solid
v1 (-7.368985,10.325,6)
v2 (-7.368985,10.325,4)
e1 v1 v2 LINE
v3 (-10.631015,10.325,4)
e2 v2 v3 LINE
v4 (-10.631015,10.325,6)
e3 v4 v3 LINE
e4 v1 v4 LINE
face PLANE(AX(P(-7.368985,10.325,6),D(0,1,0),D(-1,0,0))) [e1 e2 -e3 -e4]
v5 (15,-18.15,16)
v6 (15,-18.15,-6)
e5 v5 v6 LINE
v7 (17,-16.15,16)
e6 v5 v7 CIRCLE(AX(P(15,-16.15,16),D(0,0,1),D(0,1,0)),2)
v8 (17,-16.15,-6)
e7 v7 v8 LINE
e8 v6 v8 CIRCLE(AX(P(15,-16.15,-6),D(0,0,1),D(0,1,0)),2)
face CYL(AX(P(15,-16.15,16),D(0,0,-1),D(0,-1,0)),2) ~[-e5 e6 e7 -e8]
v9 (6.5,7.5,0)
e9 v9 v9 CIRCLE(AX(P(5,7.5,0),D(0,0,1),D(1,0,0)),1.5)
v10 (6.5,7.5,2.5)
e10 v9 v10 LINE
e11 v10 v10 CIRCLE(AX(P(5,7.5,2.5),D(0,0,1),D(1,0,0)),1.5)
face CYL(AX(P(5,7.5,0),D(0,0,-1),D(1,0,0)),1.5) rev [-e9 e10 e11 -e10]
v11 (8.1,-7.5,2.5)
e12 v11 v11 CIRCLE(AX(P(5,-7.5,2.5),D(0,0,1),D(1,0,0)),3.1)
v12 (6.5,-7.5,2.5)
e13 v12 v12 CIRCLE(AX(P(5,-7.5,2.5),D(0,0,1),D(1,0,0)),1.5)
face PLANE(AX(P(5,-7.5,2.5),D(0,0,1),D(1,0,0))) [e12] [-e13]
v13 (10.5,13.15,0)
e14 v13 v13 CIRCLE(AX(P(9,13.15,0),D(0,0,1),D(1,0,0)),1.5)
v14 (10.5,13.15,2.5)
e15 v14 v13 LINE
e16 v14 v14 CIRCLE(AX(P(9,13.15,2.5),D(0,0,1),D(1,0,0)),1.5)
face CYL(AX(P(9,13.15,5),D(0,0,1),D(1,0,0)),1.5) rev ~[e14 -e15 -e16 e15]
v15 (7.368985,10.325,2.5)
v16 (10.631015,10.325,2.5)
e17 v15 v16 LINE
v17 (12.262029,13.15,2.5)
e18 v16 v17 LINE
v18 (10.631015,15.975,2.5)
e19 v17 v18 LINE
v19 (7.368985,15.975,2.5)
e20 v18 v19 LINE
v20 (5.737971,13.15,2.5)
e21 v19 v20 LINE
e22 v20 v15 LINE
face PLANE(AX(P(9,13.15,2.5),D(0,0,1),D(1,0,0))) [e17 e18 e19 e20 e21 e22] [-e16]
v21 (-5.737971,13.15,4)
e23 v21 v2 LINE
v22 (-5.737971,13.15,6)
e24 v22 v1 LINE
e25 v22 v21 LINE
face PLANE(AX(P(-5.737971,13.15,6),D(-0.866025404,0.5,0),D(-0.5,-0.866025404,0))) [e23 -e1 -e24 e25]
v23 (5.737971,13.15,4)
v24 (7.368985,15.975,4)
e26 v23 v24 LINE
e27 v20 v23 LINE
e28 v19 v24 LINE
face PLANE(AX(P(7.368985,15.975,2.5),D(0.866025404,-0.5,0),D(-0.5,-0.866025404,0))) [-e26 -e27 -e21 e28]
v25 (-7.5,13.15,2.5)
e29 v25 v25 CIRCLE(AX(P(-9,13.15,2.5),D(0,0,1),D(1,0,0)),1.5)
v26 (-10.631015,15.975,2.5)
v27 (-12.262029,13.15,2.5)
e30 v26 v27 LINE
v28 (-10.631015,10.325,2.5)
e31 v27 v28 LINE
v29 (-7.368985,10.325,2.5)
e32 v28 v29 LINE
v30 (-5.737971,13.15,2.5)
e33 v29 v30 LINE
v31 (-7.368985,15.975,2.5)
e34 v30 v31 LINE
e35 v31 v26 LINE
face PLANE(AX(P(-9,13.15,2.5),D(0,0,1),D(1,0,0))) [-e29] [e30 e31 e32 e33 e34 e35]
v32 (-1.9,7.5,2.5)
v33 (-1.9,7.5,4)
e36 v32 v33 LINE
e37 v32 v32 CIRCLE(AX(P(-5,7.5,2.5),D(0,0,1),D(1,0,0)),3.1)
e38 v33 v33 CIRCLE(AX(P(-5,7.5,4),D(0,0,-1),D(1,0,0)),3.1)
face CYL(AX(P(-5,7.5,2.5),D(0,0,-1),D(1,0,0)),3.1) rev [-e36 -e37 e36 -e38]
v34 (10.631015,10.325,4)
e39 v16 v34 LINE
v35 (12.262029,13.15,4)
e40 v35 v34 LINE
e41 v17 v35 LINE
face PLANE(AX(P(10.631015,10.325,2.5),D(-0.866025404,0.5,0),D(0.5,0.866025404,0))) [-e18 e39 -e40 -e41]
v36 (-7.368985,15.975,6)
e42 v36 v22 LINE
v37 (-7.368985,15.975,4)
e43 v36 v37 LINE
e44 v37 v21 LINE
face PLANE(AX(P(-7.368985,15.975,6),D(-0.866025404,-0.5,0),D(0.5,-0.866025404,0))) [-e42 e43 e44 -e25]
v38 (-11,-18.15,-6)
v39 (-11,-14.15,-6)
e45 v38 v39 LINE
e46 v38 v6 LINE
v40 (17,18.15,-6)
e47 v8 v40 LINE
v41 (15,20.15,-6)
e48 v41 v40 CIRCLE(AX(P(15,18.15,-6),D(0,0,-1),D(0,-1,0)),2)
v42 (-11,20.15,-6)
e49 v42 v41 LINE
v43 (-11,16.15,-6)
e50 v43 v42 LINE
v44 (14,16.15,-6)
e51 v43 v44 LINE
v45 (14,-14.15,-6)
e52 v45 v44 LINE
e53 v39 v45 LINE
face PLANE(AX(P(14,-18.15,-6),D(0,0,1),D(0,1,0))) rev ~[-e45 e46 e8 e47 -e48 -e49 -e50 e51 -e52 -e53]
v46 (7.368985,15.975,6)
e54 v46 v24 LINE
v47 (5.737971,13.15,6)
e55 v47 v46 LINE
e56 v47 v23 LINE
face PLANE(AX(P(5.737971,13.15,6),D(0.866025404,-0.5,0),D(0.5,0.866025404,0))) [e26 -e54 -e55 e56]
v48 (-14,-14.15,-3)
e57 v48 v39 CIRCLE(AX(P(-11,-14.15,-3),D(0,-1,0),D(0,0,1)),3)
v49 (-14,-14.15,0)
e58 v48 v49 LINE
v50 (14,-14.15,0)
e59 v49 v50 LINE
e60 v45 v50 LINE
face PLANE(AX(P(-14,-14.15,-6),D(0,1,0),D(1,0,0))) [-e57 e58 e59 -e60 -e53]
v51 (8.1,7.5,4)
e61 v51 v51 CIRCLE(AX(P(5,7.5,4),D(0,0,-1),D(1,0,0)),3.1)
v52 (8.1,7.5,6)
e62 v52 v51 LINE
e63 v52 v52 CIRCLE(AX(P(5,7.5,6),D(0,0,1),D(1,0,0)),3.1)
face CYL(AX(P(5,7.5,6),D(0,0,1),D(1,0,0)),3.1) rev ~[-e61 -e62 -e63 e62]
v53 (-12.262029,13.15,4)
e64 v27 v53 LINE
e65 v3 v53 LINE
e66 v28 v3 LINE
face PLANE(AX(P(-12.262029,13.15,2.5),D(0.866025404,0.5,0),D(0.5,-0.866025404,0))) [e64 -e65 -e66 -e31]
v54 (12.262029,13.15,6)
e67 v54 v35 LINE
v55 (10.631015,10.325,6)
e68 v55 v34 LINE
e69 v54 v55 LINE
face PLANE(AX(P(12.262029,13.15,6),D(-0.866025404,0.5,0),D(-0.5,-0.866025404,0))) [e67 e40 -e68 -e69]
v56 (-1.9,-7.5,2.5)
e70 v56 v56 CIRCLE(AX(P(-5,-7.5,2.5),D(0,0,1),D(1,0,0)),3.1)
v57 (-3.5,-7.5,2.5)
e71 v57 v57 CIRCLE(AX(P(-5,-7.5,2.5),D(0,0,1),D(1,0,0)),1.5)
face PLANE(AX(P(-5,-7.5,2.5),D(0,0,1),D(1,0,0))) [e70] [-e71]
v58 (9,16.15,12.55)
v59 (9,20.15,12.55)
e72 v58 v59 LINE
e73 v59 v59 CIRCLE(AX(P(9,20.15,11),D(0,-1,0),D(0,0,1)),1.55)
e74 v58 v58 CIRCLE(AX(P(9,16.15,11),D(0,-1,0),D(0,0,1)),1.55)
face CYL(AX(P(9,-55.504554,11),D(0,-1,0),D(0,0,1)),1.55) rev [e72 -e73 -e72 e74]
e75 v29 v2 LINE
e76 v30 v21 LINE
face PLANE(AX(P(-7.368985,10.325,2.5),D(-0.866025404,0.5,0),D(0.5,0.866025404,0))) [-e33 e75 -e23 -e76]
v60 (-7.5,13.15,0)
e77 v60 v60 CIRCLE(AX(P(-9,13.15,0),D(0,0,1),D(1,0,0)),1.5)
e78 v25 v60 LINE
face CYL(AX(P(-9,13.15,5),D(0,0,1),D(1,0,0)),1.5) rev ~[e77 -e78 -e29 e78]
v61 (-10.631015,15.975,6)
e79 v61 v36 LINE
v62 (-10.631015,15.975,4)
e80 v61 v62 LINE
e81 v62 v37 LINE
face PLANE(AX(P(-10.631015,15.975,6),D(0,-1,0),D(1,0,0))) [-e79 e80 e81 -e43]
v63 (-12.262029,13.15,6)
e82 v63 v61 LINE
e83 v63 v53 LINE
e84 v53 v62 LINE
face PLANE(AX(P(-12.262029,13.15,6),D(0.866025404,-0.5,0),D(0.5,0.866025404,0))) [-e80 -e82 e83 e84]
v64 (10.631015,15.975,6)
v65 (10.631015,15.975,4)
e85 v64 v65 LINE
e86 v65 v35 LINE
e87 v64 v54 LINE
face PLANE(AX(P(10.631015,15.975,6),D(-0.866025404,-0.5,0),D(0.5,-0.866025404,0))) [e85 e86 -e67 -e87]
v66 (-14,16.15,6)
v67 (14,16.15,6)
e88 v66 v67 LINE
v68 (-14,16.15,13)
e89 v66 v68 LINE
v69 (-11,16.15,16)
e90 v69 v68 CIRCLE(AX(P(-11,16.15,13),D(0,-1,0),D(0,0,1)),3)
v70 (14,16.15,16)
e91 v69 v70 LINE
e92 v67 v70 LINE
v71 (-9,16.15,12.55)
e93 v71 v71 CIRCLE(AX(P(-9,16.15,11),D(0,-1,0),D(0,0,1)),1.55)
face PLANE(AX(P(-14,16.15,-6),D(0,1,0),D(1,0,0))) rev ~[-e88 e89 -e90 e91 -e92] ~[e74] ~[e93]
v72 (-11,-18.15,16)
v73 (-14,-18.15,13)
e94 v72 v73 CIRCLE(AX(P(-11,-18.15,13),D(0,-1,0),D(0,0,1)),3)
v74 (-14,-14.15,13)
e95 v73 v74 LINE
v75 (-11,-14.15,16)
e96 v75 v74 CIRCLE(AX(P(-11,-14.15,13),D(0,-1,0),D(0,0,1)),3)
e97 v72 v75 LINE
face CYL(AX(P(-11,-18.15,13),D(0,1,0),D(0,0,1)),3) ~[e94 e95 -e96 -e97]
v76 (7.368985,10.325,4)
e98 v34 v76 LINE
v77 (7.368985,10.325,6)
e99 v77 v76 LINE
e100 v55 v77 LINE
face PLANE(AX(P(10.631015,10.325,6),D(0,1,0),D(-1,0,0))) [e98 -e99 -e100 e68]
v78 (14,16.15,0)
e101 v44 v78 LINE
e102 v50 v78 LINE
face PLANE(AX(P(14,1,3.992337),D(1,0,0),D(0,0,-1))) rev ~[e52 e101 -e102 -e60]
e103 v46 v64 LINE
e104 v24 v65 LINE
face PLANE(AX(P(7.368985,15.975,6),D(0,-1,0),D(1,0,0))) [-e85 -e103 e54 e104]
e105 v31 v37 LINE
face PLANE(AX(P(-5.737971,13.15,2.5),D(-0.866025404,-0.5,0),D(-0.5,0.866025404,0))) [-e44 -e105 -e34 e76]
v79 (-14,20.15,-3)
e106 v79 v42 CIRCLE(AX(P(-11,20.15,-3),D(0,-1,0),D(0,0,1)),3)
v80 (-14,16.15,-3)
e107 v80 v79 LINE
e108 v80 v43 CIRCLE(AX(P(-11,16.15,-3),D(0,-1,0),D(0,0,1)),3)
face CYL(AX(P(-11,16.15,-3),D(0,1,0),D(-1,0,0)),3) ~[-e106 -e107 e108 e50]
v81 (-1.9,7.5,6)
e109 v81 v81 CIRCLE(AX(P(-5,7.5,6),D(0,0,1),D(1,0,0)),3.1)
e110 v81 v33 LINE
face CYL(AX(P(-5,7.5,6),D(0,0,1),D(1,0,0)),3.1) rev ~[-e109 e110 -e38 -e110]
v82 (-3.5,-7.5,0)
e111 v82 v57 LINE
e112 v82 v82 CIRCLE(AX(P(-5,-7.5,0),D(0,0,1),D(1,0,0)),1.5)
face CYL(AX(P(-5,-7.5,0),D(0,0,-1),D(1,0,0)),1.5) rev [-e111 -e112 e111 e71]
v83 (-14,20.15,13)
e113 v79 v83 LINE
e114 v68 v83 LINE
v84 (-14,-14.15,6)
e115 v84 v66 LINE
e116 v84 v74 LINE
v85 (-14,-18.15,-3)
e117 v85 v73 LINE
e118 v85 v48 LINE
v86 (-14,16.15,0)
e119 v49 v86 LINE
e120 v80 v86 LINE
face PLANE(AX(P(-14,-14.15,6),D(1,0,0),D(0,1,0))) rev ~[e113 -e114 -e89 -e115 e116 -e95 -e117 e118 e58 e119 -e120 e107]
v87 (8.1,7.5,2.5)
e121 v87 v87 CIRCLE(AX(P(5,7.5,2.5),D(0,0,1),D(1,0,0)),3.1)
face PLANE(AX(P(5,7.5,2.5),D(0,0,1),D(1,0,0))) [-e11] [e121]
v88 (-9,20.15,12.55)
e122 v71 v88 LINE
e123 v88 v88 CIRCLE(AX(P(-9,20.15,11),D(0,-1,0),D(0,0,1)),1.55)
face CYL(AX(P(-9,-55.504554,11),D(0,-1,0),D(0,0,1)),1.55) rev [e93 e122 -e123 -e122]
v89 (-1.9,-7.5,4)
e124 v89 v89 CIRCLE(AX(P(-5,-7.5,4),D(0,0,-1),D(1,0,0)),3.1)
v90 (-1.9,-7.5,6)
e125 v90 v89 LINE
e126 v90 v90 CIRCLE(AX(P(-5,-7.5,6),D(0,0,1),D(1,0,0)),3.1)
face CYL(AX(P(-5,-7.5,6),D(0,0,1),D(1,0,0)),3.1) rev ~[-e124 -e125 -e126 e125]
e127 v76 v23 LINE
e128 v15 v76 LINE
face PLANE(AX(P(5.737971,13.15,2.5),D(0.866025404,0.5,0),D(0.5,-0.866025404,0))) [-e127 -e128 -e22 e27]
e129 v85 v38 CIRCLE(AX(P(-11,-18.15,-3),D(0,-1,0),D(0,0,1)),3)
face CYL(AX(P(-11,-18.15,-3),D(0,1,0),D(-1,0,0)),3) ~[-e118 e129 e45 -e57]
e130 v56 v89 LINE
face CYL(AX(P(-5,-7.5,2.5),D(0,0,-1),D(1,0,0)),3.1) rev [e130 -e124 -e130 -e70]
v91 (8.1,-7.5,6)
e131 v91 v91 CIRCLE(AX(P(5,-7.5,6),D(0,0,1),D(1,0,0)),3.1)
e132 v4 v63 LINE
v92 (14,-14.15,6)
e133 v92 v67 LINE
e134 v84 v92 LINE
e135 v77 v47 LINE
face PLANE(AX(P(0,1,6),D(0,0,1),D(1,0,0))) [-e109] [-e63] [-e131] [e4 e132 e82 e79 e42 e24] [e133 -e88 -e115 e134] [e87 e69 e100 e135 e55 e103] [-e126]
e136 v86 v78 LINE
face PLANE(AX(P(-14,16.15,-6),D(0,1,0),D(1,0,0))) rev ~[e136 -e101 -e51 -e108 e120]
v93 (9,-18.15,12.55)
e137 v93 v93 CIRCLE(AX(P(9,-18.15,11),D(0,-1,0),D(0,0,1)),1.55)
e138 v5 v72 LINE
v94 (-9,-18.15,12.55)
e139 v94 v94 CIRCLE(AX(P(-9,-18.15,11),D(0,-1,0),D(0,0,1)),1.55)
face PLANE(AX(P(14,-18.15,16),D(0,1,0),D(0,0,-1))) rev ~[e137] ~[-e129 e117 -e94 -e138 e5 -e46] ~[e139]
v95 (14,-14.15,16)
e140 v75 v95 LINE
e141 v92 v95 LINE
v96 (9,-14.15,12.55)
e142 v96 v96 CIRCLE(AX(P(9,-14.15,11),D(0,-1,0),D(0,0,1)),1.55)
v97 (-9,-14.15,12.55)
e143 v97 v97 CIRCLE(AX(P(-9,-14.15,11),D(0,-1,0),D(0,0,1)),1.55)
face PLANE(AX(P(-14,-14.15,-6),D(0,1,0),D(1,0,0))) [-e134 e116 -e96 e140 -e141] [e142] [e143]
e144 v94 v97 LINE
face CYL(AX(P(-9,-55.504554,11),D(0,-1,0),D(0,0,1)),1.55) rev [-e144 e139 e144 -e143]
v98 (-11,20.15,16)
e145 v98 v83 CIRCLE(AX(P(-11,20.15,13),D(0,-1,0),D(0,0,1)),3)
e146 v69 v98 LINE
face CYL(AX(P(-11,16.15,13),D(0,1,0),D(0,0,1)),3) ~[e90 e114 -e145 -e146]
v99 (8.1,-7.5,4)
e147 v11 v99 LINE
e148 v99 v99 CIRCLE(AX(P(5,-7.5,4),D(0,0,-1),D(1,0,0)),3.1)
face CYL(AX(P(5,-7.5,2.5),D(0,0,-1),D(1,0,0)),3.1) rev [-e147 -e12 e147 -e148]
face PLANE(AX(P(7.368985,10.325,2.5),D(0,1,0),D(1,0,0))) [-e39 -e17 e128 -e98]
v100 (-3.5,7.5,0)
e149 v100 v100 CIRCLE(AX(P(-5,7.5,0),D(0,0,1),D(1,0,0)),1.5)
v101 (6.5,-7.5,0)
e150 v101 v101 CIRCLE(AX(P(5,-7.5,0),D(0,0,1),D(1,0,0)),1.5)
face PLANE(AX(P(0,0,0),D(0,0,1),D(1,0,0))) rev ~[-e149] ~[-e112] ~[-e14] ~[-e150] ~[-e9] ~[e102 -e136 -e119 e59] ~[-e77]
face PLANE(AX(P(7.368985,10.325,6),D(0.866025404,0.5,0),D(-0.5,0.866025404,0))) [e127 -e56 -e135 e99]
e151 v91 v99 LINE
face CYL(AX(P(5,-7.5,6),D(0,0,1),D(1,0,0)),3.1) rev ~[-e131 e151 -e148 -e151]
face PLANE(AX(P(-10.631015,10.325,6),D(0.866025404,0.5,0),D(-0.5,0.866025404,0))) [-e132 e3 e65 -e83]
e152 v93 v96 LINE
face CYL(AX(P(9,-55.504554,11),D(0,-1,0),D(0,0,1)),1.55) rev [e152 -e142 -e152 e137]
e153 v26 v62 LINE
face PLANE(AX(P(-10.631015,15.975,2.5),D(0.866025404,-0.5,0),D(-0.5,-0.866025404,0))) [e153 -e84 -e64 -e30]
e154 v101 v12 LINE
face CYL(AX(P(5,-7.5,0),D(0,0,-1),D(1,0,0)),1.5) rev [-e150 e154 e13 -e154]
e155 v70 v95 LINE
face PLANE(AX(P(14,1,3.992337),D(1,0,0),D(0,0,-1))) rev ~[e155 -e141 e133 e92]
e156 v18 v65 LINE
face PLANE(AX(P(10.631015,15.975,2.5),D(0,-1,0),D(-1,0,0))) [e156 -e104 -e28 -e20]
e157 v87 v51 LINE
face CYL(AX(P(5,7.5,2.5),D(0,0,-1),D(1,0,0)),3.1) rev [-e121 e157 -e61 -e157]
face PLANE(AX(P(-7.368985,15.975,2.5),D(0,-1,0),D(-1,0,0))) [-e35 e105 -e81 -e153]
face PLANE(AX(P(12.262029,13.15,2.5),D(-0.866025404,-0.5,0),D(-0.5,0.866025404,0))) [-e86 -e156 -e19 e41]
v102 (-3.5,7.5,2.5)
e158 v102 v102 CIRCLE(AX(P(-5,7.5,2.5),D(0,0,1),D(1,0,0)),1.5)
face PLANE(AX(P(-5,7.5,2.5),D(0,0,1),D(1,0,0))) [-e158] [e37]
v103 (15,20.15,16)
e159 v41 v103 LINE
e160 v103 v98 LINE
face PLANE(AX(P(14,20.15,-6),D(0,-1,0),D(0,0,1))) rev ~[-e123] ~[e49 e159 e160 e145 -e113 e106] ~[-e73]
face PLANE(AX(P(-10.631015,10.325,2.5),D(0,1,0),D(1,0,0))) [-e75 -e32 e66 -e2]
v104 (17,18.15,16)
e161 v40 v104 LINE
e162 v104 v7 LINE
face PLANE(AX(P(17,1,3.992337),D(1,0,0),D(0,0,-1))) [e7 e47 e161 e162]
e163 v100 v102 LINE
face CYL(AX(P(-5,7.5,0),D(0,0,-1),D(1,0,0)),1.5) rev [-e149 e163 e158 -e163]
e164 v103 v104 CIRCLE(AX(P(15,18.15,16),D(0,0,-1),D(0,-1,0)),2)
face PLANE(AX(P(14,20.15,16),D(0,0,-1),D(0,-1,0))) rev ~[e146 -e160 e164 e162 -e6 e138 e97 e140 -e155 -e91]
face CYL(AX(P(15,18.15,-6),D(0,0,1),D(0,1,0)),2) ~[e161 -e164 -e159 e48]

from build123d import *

# Parameters (mm, degrees)
SKETCH_1_W               = 28
SKETCH_1_H               = 20.3
SKETCH_1_R               = 1.5
EXTRUDE_1_DEPTH          = 5
SKETCH_2_W               = 28
SKETCH_2_H               = 6
SKETCH_2_H_2             = 4
EXTRUDE_2_DEPTH          = 10
SKETCH_3_W               = 28
SKETCH_3_H               = 6
EXTRUDE_3_DEPTH          = 5
SKETCH_4_R               = 1.5
CUT_EXTRUDE_1_DEPTH      = 27.11173108
SKETCH_5_W               = 10
SKETCH_5_H               = 6
SKETCH_5_W_2             = 5
SKETCH_5_H_2             = 4
CUT_EXTRUDE_2_DEPTH      = 34.835225727
SKETCH_6_W               = 28
SKETCH_6_H               = 30.3
CUT_EXTRUDE_3_DEPTH      = 1
EXTRUDE_4_DEPTH          = 12
EXTRUDE_4_DEPTH_BACK     = 10
SKETCH_7_W               = 28
SKETCH_7_H               = 4
CUT_EXTRUDE_4_DEPTH      = 28.313412456
CUT_EXTRUDE_4_DEPTH_BACK = 1.5
SKETCH_9_R               = 3.1
SKETCH_9_R_2             = 1.5
CUT_EXTRUDE_5_DEPTH      = 41.354553646
CUT_EXTRUDE_5_DEPTH_BACK = 41.354553646
SKETCH_10_R              = 1.55
SKETCH_11_W              = 12
SKETCH_11_H              = 30.3
SKETCH_11_W_2            = 6
EXTRUDE_5_DEPTH          = 3
FILLET_1_R               = 2
FILLET_2_R               = 3
EXTRUDE_START            = 2
SKETCH_13_W              = 28
SKETCH_13_H              = 30.3
SKETCH_13_R              = 3.1
EXTRUDE_6_DEPTH          = 2


with BuildPart() as part:
    # 草图1 → 凸台-拉伸1 (new body)
    with BuildSketch(Plane.XY):
        Rectangle(SKETCH_1_W, SKETCH_1_H)
        with Locations((-5, 7.5)):
            Circle(SKETCH_1_R, mode=Mode.SUBTRACT)
        with Locations((5, 7.5)):
            Circle(SKETCH_1_R, mode=Mode.SUBTRACT)
        with Locations((5, -7.5)):
            Circle(SKETCH_1_R, mode=Mode.SUBTRACT)
        with Locations((-5, -7.5)):
            Circle(SKETCH_1_R, mode=Mode.SUBTRACT)
    extrude(amount=EXTRUDE_1_DEPTH)

    # 草图2 → 凸台-拉伸2 (add)
    with BuildSketch(Plane.XY.offset(5)):
        with Locations((0, 13.15)):
            Rectangle(SKETCH_2_W, SKETCH_2_H)
        with Locations((0, -12.15)):
            Rectangle(SKETCH_2_W, SKETCH_2_H_2)
    extrude(amount=-EXTRUDE_2_DEPTH)

    # 草图3 → 凸台-拉伸3 (add)
    with BuildSketch(Plane(origin=(0, 0, -5), x_dir=(-1, 0, 0), z_dir=(0, 0, -1))):
        with Locations((0, 13.15)):
            Rectangle(SKETCH_3_W, SKETCH_3_H)
    extrude(amount=EXTRUDE_3_DEPTH)

    # 草图4 → 切除-拉伸1 (cut, through all)
    with BuildSketch(Plane.XY.offset(5)):
        with Locations((-9, 13.15)):
            Circle(SKETCH_4_R)
        with Locations((9, 13.15)):
            Circle(SKETCH_4_R)
    extrude(amount=-CUT_EXTRUDE_1_DEPTH, mode=Mode.SUBTRACT)

    # 草图5 → 切除-拉伸2 (cut, through all)
    with BuildSketch(Plane.ZY.offset(14)):
        with Locations((-5, 13.15)):
            Rectangle(SKETCH_5_W, SKETCH_5_H)
        with Locations((-2.5, -12.15)):
            Rectangle(SKETCH_5_W_2, SKETCH_5_H_2)
    extrude(amount=-CUT_EXTRUDE_2_DEPTH, mode=Mode.SUBTRACT)

    # 草图6 → 切除-拉伸3 (cut)
    with BuildSketch(Plane.XY.offset(5)):
        with Locations((0, 1)):
            Rectangle(SKETCH_6_W, SKETCH_6_H)
    extrude(amount=-CUT_EXTRUDE_3_DEPTH, mode=Mode.SUBTRACT)

    # 草图7 → 凸台-拉伸4 (add, two sides: drawn at the far end of the back side and taken through both)
    with BuildSketch(Plane.XY.offset(4).offset(-EXTRUDE_4_DEPTH_BACK)):
        with Locations((0, 18.15)):
            Rectangle(SKETCH_7_W, SKETCH_7_H)
        with Locations((0, -16.15)):
            Rectangle(SKETCH_7_W, SKETCH_7_H)
    extrude(amount=EXTRUDE_4_DEPTH + EXTRUDE_4_DEPTH_BACK)

    # 草图9 → 切除-拉伸4 (cut, two sides: drawn at the far end of the back side and taken through both)
    # profile 1 of 6: a face of its own
    with BuildSketch(Plane.XY.offset(4).offset(-CUT_EXTRUDE_4_DEPTH_BACK)):
        with Locations((-5, 7.5)):
            Circle(SKETCH_9_R)
        with Locations((-5, 7.5)):
            Circle(SKETCH_9_R_2, mode=Mode.SUBTRACT)
    # profile 2 of 6: a face of its own
    with BuildSketch(Plane.XY.offset(4).offset(-CUT_EXTRUDE_4_DEPTH_BACK)):
        with Locations((5, 7.5)):
            Circle(SKETCH_9_R)
        with Locations((5, 7.5)):
            Circle(SKETCH_9_R_2, mode=Mode.SUBTRACT)
    # profile 3 of 6: a face of its own
    with BuildSketch(Plane.XY.offset(4).offset(-CUT_EXTRUDE_4_DEPTH_BACK)):
        with Locations((5, -7.5)):
            Circle(SKETCH_9_R)
        with Locations((5, -7.5)):
            Circle(SKETCH_9_R_2, mode=Mode.SUBTRACT)
    # profile 4 of 6: a face of its own
    with BuildSketch(Plane.XY.offset(4).offset(-CUT_EXTRUDE_4_DEPTH_BACK)):
        with Locations((-5, -7.5)):
            Circle(SKETCH_9_R)
        with Locations((-5, -7.5)):
            Circle(SKETCH_9_R_2, mode=Mode.SUBTRACT)
    # profile 5 of 6: a face of its own
    with BuildSketch(Plane.XY.offset(4).offset(-CUT_EXTRUDE_4_DEPTH_BACK)):
        Polygon((-7.36898549, 10.325), (-5.737970979, 13.15), (-7.36898549, 15.975), (-10.63101451, 15.975), (-12.262029021, 13.15), (-10.63101451, 10.325), align=None)
        with Locations((-9, 13.15)):
            Circle(SKETCH_9_R_2, mode=Mode.SUBTRACT)
    # profile 6 of 6: a face of its own
    with BuildSketch(Plane.XY.offset(4).offset(-CUT_EXTRUDE_4_DEPTH_BACK)):
        Polygon((10.63101451, 10.325), (12.262029021, 13.15), (10.63101451, 15.975), (7.36898549, 15.975), (5.737970979, 13.15), (7.36898549, 10.325), align=None)
        with Locations((9, 13.15)):
            Circle(SKETCH_9_R_2, mode=Mode.SUBTRACT)
    extrude(amount=CUT_EXTRUDE_4_DEPTH + CUT_EXTRUDE_4_DEPTH_BACK, mode=Mode.SUBTRACT)

    # 草图10 → 切除-拉伸5 (cut, two sides: drawn at the far end of the back side and taken through both)
    with BuildSketch(Plane(origin=(0, -14.15, 0), x_dir=(1, 0, 0), z_dir=(0, 1, 0)).offset(-CUT_EXTRUDE_5_DEPTH_BACK)):
        with Locations(Location((-9, -11, 0), (0, 0, 270))):
            Circle(SKETCH_10_R)
        with Locations(Location((9, -11, 0), (0, 0, 270))):
            Circle(SKETCH_10_R)
    extrude(amount=CUT_EXTRUDE_5_DEPTH + CUT_EXTRUDE_5_DEPTH_BACK, mode=Mode.SUBTRACT)

    # 草图11 → 凸台-拉伸5 (add)
    with BuildSketch(Plane(origin=(14, 0, 0), x_dir=(0, 0, -1), z_dir=(1, 0, 0))):
        Polygon((-16, 16.15), (-4, 16.15), (-4, -14.15), (-16, -14.15), (-16, -18.15), (6, -18.15), (6, -14.15), (0, -14.15), (0, 16.15), (6, 16.15), (6, 20.15), (-16, 20.15), align=None)
        with Locations((-10, 1)):
            Rectangle(SKETCH_11_W, SKETCH_11_H)
        with Locations((3, 1)):
            Rectangle(SKETCH_11_W_2, SKETCH_11_H)
    extrude(amount=EXTRUDE_5_DEPTH)

    # 圆角1
    fillet_1_edges = [part.edges().sort_by_distance(p)[0] for p in [
        (17, 20.15, 5),
        (17, -18.15, 5),
    ]]
    fillet(fillet_1_edges, radius=FILLET_1_R)

    # 圆角2
    fillet_2_edges = [part.edges().sort_by_distance(p)[0] for p in [
        (-14, 18.15, 16),
        (-14, 18.15, -6),
        (-14, -16.15, -6),
        (-14, -16.15, 16),
    ]]
    fillet(fillet_2_edges, radius=FILLET_2_R)

    # 草图13 → 凸台-拉伸6 (add)
    with BuildSketch(Plane.XY.offset(4).offset(EXTRUDE_START)):
        with Locations((0, 1)):
            Rectangle(SKETCH_13_W, SKETCH_13_H)
        with Locations((5, -7.5)):
            Circle(SKETCH_13_R, mode=Mode.SUBTRACT)
        with Locations((-5, -7.5)):
            Circle(SKETCH_13_R, mode=Mode.SUBTRACT)
        with Locations((5, 7.5)):
            Circle(SKETCH_13_R, mode=Mode.SUBTRACT)
        with Locations((-5, 7.5)):
            Circle(SKETCH_13_R, mode=Mode.SUBTRACT)
        Polygon((-10.63101451, 15.975), (-7.36898549, 15.975), (-5.737970979, 13.15), (-7.36898549, 10.325), (-10.63101451, 10.325), (-12.262029021, 13.15), align=None, mode=Mode.SUBTRACT)
        Polygon((10.63101451, 10.325), (7.36898549, 10.325), (5.737970979, 13.15), (7.36898549, 15.975), (10.63101451, 15.975), (12.262029021, 13.15), align=None, mode=Mode.SUBTRACT)
    extrude(amount=-EXTRUDE_6_DEPTH)


solid = part.part
